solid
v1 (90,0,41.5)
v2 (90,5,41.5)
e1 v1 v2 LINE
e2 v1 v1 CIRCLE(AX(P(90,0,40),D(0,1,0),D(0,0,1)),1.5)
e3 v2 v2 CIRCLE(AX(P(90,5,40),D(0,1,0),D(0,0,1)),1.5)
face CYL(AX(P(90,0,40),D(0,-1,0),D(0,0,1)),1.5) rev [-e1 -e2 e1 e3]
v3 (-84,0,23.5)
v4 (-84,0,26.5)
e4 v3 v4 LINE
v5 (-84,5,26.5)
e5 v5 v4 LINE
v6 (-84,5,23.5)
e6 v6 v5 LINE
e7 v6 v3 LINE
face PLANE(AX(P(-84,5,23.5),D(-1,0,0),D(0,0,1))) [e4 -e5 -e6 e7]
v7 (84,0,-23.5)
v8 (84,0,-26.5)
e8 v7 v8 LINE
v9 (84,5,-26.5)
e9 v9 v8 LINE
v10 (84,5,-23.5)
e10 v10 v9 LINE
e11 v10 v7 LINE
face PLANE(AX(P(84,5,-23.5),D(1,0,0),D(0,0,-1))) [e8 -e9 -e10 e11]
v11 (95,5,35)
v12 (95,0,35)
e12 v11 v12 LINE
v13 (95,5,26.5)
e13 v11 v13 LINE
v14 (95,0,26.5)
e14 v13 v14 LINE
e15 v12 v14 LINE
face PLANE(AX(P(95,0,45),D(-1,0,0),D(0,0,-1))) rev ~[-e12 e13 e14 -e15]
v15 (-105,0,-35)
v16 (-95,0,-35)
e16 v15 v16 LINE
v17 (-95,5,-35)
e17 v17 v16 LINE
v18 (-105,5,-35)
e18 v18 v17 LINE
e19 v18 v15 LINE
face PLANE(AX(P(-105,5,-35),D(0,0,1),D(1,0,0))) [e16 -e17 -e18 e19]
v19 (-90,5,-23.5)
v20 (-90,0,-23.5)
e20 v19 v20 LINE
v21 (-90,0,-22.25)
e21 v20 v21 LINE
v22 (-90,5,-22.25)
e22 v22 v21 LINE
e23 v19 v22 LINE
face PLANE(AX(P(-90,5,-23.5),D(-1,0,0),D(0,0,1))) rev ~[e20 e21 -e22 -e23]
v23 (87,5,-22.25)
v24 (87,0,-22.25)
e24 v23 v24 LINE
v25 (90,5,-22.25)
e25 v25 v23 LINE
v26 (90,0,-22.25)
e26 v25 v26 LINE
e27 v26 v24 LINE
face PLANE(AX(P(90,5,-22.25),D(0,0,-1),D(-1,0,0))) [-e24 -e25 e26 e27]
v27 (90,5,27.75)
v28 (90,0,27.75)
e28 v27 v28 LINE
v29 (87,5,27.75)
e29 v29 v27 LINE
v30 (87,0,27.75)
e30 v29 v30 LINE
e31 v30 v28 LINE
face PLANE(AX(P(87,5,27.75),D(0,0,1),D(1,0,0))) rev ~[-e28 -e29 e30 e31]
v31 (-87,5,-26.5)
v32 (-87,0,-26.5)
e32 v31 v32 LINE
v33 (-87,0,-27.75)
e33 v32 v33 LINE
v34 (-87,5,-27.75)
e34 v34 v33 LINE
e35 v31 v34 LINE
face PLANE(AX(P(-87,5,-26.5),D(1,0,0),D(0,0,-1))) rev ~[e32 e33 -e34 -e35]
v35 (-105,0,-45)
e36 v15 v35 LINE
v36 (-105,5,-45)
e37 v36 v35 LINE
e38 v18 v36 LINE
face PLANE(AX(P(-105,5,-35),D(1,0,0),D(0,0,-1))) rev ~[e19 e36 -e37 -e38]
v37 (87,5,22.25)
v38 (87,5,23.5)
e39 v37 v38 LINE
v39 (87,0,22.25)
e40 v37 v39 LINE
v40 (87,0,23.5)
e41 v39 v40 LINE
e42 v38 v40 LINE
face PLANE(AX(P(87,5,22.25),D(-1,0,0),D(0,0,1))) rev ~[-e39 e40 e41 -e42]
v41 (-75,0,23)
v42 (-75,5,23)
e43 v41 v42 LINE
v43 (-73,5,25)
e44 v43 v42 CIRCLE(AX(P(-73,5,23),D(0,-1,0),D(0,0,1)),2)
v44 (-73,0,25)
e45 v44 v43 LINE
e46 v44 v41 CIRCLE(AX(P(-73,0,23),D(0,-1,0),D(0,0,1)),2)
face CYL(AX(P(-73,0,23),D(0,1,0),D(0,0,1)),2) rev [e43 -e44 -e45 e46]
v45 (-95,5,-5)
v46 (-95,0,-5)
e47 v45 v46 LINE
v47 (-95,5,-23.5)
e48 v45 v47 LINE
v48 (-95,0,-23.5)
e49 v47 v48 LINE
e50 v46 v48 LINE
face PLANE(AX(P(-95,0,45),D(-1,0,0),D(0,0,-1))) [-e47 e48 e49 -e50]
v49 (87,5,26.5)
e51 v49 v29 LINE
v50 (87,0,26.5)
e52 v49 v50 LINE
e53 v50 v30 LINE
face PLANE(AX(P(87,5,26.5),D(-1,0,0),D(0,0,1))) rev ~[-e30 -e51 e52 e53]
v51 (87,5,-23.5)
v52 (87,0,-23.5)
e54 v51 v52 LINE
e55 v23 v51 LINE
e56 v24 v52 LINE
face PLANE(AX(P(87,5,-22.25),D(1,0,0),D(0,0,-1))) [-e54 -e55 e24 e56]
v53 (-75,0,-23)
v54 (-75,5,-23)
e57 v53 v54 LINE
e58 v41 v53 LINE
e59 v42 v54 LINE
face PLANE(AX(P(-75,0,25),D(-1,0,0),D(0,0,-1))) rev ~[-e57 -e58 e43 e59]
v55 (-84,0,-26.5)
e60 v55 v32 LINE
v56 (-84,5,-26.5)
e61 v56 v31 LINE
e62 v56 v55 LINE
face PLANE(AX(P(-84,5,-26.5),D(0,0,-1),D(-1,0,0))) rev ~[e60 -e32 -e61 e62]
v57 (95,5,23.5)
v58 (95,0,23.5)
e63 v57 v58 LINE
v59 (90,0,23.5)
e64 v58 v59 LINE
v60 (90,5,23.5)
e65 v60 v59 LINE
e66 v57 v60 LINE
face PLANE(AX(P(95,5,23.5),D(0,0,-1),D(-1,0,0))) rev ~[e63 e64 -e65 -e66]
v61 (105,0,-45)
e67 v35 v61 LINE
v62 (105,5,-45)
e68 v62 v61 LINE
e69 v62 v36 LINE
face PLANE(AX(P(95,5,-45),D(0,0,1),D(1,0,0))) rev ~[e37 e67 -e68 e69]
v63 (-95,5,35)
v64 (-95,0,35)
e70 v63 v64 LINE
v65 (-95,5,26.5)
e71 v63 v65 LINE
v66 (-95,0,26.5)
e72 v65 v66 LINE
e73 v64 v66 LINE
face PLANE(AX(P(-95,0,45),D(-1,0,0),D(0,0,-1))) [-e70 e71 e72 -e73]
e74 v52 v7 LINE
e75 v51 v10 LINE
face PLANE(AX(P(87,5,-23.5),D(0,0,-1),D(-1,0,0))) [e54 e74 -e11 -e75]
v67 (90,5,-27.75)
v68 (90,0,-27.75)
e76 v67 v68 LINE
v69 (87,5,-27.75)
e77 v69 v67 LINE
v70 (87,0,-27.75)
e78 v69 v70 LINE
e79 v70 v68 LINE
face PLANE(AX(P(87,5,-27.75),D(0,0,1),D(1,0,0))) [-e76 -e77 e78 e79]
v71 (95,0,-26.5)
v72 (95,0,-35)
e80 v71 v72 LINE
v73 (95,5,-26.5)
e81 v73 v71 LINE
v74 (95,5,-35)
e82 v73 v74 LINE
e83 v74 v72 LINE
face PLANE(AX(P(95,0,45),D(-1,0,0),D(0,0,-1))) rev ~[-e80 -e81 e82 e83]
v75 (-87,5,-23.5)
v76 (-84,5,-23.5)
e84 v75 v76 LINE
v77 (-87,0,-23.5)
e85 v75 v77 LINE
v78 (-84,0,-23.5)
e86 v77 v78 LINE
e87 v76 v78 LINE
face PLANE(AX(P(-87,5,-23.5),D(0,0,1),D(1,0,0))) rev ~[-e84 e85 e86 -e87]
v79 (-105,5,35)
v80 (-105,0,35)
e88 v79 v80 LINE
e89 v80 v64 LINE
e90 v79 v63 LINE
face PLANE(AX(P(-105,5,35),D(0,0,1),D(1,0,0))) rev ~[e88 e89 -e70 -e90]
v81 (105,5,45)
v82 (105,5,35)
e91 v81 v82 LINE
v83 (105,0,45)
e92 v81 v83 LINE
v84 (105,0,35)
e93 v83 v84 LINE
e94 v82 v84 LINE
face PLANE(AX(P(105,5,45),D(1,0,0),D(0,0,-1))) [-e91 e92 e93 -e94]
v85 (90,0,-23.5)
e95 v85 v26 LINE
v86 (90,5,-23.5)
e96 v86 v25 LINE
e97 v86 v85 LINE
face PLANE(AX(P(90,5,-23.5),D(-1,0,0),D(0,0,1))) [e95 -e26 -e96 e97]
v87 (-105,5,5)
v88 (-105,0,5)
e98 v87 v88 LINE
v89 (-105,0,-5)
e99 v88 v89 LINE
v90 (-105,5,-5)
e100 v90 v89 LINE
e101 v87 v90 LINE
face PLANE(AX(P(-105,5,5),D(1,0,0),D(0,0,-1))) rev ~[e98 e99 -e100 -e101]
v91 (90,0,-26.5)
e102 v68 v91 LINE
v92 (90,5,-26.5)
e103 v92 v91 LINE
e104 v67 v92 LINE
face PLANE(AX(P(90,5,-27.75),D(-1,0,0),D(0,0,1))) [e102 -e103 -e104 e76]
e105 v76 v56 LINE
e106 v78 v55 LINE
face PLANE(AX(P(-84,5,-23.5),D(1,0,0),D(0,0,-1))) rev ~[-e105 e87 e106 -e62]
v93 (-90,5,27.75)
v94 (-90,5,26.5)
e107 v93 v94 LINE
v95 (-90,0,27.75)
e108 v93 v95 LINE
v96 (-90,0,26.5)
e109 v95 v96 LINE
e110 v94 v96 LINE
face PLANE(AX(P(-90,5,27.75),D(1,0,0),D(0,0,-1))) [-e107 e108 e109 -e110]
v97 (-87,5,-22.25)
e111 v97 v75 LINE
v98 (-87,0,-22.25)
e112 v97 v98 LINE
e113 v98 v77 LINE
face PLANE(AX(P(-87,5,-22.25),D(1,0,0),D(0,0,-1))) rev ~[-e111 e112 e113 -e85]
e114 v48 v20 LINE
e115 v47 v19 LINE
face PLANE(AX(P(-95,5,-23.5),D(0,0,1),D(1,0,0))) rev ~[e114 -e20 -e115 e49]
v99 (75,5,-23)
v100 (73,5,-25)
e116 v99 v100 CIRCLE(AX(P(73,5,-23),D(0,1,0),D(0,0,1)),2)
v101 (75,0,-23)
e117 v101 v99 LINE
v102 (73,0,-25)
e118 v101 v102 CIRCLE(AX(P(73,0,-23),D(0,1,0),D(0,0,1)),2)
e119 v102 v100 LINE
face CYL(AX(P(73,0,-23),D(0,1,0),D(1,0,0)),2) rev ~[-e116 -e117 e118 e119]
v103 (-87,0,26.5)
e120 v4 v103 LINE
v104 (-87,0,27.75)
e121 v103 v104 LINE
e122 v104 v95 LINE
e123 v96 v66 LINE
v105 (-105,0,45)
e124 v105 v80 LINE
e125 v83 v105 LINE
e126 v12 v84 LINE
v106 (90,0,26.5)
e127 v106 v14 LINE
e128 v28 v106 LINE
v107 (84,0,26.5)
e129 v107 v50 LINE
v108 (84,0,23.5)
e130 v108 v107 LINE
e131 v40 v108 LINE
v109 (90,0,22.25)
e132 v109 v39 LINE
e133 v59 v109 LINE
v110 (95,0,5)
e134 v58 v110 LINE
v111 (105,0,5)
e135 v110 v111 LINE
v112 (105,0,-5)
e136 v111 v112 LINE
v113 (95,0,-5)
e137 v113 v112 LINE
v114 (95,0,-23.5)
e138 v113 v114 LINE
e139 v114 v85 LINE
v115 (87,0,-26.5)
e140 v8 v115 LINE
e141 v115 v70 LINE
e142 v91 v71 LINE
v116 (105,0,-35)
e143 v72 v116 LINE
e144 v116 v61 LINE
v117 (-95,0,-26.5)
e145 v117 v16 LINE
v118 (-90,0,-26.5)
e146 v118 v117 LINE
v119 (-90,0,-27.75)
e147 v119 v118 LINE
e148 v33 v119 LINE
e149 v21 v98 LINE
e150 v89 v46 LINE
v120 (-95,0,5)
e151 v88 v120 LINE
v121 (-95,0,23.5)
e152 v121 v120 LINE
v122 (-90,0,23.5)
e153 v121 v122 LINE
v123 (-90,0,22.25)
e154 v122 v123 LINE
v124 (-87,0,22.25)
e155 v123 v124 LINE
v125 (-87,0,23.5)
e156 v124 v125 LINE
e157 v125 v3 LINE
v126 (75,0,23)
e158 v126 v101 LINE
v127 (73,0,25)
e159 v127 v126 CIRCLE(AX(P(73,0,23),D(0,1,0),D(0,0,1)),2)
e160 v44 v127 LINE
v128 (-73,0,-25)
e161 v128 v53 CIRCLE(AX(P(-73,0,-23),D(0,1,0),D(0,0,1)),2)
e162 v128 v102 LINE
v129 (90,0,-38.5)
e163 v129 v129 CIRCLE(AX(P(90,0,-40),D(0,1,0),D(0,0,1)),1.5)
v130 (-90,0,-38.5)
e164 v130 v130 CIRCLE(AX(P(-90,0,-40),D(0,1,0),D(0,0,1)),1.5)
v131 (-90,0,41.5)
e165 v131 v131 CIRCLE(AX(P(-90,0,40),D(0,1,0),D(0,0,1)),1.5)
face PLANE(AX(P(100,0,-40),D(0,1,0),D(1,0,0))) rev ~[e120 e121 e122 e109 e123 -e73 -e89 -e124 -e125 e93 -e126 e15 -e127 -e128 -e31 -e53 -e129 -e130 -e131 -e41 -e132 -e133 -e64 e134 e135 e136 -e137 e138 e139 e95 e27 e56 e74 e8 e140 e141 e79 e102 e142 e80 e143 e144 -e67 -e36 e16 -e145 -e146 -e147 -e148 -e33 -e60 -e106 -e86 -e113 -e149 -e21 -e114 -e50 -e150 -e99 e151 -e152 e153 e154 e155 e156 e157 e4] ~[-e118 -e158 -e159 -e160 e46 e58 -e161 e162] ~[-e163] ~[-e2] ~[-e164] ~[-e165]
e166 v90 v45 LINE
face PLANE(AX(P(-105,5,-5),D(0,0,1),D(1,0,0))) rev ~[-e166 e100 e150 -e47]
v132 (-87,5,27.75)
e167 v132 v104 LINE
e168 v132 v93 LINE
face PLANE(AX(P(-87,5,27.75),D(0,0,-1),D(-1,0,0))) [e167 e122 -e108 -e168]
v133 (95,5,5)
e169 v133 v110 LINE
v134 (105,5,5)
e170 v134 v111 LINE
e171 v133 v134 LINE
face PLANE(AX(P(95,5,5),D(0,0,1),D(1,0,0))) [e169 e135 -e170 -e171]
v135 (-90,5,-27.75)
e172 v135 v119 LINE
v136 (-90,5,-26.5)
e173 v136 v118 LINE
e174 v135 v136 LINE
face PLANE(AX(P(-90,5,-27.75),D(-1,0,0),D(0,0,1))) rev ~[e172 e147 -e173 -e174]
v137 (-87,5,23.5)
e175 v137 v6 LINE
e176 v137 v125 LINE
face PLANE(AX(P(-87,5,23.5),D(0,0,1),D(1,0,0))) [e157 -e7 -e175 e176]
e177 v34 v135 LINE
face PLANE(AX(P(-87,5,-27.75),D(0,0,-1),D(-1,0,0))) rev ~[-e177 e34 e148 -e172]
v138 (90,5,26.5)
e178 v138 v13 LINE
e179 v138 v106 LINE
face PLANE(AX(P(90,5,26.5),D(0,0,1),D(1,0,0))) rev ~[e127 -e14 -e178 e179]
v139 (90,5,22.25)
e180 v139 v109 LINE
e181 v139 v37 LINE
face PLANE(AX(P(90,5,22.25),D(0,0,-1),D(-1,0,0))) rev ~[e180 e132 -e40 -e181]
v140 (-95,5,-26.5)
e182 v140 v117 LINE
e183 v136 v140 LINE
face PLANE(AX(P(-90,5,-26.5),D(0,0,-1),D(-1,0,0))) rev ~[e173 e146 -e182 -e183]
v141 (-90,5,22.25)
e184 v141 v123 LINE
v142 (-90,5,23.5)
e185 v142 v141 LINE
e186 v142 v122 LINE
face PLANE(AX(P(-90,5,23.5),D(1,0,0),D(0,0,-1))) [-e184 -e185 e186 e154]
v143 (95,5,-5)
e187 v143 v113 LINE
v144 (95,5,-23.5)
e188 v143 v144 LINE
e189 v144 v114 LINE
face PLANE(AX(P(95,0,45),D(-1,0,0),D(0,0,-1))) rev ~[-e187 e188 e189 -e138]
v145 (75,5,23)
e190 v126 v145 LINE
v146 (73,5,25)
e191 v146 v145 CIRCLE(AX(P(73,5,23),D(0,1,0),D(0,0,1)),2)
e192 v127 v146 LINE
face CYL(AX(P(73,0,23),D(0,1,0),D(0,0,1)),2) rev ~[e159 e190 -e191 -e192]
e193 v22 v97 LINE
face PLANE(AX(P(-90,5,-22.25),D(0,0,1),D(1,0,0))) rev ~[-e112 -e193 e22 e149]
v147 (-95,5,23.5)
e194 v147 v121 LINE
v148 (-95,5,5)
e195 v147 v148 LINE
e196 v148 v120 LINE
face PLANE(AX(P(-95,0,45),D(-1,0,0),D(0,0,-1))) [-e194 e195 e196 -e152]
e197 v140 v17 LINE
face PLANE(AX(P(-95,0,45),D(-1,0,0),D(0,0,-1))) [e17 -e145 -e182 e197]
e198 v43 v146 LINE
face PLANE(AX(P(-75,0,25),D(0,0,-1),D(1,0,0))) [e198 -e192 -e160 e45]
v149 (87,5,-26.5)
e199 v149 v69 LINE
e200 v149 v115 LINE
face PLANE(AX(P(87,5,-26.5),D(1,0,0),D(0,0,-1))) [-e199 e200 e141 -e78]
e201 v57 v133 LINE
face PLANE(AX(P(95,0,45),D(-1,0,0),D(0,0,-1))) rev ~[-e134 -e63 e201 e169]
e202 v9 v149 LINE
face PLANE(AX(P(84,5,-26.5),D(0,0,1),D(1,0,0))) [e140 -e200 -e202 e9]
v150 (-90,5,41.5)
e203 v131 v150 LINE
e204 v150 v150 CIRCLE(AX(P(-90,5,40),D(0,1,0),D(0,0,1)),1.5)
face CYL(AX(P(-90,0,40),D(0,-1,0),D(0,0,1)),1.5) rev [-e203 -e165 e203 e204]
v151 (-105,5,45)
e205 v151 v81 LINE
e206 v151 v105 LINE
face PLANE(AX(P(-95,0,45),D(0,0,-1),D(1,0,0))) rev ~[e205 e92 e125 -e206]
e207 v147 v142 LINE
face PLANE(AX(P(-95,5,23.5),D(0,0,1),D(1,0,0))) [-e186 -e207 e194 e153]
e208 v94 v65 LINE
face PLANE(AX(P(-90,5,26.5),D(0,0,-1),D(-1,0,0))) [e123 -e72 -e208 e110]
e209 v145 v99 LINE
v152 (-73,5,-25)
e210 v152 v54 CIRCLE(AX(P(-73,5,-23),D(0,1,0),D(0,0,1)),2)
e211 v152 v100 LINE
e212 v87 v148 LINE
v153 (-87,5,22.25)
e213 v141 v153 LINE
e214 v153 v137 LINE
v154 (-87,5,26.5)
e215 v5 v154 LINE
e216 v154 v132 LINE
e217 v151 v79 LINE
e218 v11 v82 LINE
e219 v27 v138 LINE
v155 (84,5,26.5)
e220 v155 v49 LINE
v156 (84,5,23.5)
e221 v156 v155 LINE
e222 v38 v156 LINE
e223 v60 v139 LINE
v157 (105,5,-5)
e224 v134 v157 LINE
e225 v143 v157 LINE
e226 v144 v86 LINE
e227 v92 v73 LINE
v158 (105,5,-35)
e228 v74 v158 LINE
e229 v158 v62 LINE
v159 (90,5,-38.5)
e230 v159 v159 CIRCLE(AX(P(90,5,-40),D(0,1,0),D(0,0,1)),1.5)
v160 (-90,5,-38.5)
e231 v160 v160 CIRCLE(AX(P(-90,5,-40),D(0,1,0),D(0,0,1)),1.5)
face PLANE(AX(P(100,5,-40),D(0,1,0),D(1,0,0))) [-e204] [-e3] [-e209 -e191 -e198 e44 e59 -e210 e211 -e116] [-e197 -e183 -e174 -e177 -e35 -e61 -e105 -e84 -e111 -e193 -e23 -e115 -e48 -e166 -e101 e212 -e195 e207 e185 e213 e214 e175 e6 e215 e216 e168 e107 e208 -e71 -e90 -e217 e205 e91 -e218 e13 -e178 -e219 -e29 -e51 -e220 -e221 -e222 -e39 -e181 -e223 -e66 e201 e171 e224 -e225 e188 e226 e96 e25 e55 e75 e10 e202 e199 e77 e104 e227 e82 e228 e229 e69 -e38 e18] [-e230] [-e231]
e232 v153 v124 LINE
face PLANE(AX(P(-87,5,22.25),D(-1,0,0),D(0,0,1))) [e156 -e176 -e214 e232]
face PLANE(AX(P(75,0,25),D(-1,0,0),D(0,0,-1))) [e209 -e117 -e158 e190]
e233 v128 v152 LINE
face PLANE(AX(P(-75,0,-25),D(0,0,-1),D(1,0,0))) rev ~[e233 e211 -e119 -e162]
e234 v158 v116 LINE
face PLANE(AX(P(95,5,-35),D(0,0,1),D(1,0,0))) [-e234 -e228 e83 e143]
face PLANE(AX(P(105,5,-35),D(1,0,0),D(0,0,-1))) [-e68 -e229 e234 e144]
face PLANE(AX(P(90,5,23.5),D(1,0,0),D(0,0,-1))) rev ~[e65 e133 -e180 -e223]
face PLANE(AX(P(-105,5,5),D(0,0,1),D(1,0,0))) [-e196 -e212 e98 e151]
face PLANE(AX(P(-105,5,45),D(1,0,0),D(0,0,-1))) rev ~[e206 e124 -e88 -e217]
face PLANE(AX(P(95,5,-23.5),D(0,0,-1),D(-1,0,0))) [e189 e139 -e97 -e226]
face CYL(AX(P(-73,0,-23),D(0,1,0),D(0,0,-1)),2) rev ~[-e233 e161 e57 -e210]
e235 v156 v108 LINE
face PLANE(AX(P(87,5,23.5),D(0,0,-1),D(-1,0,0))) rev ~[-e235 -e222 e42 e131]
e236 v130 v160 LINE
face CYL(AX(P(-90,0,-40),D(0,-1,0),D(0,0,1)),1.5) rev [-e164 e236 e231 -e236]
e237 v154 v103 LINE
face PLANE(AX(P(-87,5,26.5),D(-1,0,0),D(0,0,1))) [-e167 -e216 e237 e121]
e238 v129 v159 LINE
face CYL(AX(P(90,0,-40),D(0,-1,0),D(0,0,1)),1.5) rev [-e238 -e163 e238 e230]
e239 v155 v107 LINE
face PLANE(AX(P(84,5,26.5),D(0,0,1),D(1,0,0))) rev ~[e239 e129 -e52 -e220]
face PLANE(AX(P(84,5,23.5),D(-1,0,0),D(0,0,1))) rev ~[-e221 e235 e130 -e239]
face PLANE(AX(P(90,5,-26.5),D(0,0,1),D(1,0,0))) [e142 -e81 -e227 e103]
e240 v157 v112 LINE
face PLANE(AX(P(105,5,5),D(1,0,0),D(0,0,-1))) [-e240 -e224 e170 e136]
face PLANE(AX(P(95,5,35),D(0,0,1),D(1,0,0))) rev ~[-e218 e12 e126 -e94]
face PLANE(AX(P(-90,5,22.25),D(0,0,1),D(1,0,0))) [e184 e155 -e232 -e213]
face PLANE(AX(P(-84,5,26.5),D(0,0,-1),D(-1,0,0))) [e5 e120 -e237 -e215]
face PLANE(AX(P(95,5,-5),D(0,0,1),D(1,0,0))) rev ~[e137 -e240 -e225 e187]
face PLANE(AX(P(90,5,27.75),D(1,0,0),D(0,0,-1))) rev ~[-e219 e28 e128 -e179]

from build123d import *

# Parameters (mm, degrees)
SKETCH1_W           = 190
SKETCH1_H           = 90
SKETCH1_R           = 1.5
SKETCH1_W_2         = 150
SKETCH1_H_2         = 50
BOSS_EXTRUDE1_DEPTH = 5
FILLET1_R           = 2
CUT_EXTRUDE1_DEPTH  = 106.237825899
SKETCH3_W           = 10
SKETCH3_H           = 10
BOSS_EXTRUDE2_DEPTH = 5


with BuildPart() as part:
    # Sketch1 → Boss-Extrude1 (new body)
    with BuildSketch(Plane(origin=(0, 0, 0), x_dir=(1, 0, 0), z_dir=(0, 1, 0))):
        Rectangle(SKETCH1_W, SKETCH1_H)
        with Locations(Location((-90, 40, 0), (0, 0, 270))):
            Circle(SKETCH1_R, mode=Mode.SUBTRACT)
        with Locations(Location((-90, -40, 0), (0, 0, 270))):
            Circle(SKETCH1_R, mode=Mode.SUBTRACT)
        with Locations(Location((90, 40, 0), (0, 0, 270))):
            Circle(SKETCH1_R, mode=Mode.SUBTRACT)
        with Locations(Location((90, -40, 0), (0, 0, 270))):
            Circle(SKETCH1_R, mode=Mode.SUBTRACT)
        Rectangle(SKETCH1_W_2, SKETCH1_H_2, mode=Mode.SUBTRACT)
    extrude(amount=BOSS_EXTRUDE1_DEPTH)

    # Fillet1
    fillet1_edges = [part.edges().sort_by_distance(p)[0] for p in [
        (-75, 2.5, -25),
        (-75, 2.5, 25),
        (75, 2.5, 25),
        (75, 2.5, -25),
    ]]
    fillet(fillet1_edges, radius=FILLET1_R)

    # Sketch2 → Cut-Extrude1 (cut, through all)
    with BuildSketch(Plane(origin=(0, 5, 0), x_dir=(1, 0, 0), z_dir=(0, 1, 0))):
        Polygon((95, -23.5), (90, -23.5), (90, -22.25), (87, -22.25), (87, -23.5), (84, -23.5), (84, -26.5), (87, -26.5), (87, -27.75), (90, -27.75), (90, -26.5), (95, -26.5), align=None)
        Polygon((95, 26.5), (95, 23.5), (90, 23.5), (90, 22.25), (87, 22.25), (87, 23.5), (84, 23.5), (84, 26.5), (87, 26.5), (87, 27.75), (90, 27.75), (90, 26.5), align=None)
        Polygon((-95, 23.5), (-90, 23.5), (-90, 22.25), (-87, 22.25), (-87, 23.5), (-84, 23.5), (-84, 26.5), (-87, 26.5), (-87, 27.75), (-90, 27.75), (-90, 26.5), (-95, 26.5), align=None)
        Polygon((-95, -26.5), (-95, -23.5), (-90, -23.5), (-90, -22.25), (-87, -22.25), (-87, -23.5), (-84, -23.5), (-84, -26.5), (-87, -26.5), (-87, -27.75), (-90, -27.75), (-90, -26.5), align=None)
    extrude(amount=-CUT_EXTRUDE1_DEPTH, mode=Mode.SUBTRACT)

    # Sketch3 → Boss-Extrude2 (add)
    with BuildSketch(Plane(origin=(0, 5, 0), x_dir=(1, 0, 0), z_dir=(0, 1, 0))):
        with Locations((100, 40)):
            Rectangle(SKETCH3_W, SKETCH3_H)
        with Locations((100, 0)):
            Rectangle(SKETCH3_W, SKETCH3_H)
        with Locations((100, -40)):
            Rectangle(SKETCH3_W, SKETCH3_H)
        with Locations((-100, -40)):
            Rectangle(SKETCH3_W, SKETCH3_H)
        with Locations((-100, 0)):
            Rectangle(SKETCH3_W, SKETCH3_H)
        with Locations((-100, 40)):
            Rectangle(SKETCH3_W, SKETCH3_H)
    extrude(amount=-BOSS_EXTRUDE2_DEPTH)


solid = part.part
